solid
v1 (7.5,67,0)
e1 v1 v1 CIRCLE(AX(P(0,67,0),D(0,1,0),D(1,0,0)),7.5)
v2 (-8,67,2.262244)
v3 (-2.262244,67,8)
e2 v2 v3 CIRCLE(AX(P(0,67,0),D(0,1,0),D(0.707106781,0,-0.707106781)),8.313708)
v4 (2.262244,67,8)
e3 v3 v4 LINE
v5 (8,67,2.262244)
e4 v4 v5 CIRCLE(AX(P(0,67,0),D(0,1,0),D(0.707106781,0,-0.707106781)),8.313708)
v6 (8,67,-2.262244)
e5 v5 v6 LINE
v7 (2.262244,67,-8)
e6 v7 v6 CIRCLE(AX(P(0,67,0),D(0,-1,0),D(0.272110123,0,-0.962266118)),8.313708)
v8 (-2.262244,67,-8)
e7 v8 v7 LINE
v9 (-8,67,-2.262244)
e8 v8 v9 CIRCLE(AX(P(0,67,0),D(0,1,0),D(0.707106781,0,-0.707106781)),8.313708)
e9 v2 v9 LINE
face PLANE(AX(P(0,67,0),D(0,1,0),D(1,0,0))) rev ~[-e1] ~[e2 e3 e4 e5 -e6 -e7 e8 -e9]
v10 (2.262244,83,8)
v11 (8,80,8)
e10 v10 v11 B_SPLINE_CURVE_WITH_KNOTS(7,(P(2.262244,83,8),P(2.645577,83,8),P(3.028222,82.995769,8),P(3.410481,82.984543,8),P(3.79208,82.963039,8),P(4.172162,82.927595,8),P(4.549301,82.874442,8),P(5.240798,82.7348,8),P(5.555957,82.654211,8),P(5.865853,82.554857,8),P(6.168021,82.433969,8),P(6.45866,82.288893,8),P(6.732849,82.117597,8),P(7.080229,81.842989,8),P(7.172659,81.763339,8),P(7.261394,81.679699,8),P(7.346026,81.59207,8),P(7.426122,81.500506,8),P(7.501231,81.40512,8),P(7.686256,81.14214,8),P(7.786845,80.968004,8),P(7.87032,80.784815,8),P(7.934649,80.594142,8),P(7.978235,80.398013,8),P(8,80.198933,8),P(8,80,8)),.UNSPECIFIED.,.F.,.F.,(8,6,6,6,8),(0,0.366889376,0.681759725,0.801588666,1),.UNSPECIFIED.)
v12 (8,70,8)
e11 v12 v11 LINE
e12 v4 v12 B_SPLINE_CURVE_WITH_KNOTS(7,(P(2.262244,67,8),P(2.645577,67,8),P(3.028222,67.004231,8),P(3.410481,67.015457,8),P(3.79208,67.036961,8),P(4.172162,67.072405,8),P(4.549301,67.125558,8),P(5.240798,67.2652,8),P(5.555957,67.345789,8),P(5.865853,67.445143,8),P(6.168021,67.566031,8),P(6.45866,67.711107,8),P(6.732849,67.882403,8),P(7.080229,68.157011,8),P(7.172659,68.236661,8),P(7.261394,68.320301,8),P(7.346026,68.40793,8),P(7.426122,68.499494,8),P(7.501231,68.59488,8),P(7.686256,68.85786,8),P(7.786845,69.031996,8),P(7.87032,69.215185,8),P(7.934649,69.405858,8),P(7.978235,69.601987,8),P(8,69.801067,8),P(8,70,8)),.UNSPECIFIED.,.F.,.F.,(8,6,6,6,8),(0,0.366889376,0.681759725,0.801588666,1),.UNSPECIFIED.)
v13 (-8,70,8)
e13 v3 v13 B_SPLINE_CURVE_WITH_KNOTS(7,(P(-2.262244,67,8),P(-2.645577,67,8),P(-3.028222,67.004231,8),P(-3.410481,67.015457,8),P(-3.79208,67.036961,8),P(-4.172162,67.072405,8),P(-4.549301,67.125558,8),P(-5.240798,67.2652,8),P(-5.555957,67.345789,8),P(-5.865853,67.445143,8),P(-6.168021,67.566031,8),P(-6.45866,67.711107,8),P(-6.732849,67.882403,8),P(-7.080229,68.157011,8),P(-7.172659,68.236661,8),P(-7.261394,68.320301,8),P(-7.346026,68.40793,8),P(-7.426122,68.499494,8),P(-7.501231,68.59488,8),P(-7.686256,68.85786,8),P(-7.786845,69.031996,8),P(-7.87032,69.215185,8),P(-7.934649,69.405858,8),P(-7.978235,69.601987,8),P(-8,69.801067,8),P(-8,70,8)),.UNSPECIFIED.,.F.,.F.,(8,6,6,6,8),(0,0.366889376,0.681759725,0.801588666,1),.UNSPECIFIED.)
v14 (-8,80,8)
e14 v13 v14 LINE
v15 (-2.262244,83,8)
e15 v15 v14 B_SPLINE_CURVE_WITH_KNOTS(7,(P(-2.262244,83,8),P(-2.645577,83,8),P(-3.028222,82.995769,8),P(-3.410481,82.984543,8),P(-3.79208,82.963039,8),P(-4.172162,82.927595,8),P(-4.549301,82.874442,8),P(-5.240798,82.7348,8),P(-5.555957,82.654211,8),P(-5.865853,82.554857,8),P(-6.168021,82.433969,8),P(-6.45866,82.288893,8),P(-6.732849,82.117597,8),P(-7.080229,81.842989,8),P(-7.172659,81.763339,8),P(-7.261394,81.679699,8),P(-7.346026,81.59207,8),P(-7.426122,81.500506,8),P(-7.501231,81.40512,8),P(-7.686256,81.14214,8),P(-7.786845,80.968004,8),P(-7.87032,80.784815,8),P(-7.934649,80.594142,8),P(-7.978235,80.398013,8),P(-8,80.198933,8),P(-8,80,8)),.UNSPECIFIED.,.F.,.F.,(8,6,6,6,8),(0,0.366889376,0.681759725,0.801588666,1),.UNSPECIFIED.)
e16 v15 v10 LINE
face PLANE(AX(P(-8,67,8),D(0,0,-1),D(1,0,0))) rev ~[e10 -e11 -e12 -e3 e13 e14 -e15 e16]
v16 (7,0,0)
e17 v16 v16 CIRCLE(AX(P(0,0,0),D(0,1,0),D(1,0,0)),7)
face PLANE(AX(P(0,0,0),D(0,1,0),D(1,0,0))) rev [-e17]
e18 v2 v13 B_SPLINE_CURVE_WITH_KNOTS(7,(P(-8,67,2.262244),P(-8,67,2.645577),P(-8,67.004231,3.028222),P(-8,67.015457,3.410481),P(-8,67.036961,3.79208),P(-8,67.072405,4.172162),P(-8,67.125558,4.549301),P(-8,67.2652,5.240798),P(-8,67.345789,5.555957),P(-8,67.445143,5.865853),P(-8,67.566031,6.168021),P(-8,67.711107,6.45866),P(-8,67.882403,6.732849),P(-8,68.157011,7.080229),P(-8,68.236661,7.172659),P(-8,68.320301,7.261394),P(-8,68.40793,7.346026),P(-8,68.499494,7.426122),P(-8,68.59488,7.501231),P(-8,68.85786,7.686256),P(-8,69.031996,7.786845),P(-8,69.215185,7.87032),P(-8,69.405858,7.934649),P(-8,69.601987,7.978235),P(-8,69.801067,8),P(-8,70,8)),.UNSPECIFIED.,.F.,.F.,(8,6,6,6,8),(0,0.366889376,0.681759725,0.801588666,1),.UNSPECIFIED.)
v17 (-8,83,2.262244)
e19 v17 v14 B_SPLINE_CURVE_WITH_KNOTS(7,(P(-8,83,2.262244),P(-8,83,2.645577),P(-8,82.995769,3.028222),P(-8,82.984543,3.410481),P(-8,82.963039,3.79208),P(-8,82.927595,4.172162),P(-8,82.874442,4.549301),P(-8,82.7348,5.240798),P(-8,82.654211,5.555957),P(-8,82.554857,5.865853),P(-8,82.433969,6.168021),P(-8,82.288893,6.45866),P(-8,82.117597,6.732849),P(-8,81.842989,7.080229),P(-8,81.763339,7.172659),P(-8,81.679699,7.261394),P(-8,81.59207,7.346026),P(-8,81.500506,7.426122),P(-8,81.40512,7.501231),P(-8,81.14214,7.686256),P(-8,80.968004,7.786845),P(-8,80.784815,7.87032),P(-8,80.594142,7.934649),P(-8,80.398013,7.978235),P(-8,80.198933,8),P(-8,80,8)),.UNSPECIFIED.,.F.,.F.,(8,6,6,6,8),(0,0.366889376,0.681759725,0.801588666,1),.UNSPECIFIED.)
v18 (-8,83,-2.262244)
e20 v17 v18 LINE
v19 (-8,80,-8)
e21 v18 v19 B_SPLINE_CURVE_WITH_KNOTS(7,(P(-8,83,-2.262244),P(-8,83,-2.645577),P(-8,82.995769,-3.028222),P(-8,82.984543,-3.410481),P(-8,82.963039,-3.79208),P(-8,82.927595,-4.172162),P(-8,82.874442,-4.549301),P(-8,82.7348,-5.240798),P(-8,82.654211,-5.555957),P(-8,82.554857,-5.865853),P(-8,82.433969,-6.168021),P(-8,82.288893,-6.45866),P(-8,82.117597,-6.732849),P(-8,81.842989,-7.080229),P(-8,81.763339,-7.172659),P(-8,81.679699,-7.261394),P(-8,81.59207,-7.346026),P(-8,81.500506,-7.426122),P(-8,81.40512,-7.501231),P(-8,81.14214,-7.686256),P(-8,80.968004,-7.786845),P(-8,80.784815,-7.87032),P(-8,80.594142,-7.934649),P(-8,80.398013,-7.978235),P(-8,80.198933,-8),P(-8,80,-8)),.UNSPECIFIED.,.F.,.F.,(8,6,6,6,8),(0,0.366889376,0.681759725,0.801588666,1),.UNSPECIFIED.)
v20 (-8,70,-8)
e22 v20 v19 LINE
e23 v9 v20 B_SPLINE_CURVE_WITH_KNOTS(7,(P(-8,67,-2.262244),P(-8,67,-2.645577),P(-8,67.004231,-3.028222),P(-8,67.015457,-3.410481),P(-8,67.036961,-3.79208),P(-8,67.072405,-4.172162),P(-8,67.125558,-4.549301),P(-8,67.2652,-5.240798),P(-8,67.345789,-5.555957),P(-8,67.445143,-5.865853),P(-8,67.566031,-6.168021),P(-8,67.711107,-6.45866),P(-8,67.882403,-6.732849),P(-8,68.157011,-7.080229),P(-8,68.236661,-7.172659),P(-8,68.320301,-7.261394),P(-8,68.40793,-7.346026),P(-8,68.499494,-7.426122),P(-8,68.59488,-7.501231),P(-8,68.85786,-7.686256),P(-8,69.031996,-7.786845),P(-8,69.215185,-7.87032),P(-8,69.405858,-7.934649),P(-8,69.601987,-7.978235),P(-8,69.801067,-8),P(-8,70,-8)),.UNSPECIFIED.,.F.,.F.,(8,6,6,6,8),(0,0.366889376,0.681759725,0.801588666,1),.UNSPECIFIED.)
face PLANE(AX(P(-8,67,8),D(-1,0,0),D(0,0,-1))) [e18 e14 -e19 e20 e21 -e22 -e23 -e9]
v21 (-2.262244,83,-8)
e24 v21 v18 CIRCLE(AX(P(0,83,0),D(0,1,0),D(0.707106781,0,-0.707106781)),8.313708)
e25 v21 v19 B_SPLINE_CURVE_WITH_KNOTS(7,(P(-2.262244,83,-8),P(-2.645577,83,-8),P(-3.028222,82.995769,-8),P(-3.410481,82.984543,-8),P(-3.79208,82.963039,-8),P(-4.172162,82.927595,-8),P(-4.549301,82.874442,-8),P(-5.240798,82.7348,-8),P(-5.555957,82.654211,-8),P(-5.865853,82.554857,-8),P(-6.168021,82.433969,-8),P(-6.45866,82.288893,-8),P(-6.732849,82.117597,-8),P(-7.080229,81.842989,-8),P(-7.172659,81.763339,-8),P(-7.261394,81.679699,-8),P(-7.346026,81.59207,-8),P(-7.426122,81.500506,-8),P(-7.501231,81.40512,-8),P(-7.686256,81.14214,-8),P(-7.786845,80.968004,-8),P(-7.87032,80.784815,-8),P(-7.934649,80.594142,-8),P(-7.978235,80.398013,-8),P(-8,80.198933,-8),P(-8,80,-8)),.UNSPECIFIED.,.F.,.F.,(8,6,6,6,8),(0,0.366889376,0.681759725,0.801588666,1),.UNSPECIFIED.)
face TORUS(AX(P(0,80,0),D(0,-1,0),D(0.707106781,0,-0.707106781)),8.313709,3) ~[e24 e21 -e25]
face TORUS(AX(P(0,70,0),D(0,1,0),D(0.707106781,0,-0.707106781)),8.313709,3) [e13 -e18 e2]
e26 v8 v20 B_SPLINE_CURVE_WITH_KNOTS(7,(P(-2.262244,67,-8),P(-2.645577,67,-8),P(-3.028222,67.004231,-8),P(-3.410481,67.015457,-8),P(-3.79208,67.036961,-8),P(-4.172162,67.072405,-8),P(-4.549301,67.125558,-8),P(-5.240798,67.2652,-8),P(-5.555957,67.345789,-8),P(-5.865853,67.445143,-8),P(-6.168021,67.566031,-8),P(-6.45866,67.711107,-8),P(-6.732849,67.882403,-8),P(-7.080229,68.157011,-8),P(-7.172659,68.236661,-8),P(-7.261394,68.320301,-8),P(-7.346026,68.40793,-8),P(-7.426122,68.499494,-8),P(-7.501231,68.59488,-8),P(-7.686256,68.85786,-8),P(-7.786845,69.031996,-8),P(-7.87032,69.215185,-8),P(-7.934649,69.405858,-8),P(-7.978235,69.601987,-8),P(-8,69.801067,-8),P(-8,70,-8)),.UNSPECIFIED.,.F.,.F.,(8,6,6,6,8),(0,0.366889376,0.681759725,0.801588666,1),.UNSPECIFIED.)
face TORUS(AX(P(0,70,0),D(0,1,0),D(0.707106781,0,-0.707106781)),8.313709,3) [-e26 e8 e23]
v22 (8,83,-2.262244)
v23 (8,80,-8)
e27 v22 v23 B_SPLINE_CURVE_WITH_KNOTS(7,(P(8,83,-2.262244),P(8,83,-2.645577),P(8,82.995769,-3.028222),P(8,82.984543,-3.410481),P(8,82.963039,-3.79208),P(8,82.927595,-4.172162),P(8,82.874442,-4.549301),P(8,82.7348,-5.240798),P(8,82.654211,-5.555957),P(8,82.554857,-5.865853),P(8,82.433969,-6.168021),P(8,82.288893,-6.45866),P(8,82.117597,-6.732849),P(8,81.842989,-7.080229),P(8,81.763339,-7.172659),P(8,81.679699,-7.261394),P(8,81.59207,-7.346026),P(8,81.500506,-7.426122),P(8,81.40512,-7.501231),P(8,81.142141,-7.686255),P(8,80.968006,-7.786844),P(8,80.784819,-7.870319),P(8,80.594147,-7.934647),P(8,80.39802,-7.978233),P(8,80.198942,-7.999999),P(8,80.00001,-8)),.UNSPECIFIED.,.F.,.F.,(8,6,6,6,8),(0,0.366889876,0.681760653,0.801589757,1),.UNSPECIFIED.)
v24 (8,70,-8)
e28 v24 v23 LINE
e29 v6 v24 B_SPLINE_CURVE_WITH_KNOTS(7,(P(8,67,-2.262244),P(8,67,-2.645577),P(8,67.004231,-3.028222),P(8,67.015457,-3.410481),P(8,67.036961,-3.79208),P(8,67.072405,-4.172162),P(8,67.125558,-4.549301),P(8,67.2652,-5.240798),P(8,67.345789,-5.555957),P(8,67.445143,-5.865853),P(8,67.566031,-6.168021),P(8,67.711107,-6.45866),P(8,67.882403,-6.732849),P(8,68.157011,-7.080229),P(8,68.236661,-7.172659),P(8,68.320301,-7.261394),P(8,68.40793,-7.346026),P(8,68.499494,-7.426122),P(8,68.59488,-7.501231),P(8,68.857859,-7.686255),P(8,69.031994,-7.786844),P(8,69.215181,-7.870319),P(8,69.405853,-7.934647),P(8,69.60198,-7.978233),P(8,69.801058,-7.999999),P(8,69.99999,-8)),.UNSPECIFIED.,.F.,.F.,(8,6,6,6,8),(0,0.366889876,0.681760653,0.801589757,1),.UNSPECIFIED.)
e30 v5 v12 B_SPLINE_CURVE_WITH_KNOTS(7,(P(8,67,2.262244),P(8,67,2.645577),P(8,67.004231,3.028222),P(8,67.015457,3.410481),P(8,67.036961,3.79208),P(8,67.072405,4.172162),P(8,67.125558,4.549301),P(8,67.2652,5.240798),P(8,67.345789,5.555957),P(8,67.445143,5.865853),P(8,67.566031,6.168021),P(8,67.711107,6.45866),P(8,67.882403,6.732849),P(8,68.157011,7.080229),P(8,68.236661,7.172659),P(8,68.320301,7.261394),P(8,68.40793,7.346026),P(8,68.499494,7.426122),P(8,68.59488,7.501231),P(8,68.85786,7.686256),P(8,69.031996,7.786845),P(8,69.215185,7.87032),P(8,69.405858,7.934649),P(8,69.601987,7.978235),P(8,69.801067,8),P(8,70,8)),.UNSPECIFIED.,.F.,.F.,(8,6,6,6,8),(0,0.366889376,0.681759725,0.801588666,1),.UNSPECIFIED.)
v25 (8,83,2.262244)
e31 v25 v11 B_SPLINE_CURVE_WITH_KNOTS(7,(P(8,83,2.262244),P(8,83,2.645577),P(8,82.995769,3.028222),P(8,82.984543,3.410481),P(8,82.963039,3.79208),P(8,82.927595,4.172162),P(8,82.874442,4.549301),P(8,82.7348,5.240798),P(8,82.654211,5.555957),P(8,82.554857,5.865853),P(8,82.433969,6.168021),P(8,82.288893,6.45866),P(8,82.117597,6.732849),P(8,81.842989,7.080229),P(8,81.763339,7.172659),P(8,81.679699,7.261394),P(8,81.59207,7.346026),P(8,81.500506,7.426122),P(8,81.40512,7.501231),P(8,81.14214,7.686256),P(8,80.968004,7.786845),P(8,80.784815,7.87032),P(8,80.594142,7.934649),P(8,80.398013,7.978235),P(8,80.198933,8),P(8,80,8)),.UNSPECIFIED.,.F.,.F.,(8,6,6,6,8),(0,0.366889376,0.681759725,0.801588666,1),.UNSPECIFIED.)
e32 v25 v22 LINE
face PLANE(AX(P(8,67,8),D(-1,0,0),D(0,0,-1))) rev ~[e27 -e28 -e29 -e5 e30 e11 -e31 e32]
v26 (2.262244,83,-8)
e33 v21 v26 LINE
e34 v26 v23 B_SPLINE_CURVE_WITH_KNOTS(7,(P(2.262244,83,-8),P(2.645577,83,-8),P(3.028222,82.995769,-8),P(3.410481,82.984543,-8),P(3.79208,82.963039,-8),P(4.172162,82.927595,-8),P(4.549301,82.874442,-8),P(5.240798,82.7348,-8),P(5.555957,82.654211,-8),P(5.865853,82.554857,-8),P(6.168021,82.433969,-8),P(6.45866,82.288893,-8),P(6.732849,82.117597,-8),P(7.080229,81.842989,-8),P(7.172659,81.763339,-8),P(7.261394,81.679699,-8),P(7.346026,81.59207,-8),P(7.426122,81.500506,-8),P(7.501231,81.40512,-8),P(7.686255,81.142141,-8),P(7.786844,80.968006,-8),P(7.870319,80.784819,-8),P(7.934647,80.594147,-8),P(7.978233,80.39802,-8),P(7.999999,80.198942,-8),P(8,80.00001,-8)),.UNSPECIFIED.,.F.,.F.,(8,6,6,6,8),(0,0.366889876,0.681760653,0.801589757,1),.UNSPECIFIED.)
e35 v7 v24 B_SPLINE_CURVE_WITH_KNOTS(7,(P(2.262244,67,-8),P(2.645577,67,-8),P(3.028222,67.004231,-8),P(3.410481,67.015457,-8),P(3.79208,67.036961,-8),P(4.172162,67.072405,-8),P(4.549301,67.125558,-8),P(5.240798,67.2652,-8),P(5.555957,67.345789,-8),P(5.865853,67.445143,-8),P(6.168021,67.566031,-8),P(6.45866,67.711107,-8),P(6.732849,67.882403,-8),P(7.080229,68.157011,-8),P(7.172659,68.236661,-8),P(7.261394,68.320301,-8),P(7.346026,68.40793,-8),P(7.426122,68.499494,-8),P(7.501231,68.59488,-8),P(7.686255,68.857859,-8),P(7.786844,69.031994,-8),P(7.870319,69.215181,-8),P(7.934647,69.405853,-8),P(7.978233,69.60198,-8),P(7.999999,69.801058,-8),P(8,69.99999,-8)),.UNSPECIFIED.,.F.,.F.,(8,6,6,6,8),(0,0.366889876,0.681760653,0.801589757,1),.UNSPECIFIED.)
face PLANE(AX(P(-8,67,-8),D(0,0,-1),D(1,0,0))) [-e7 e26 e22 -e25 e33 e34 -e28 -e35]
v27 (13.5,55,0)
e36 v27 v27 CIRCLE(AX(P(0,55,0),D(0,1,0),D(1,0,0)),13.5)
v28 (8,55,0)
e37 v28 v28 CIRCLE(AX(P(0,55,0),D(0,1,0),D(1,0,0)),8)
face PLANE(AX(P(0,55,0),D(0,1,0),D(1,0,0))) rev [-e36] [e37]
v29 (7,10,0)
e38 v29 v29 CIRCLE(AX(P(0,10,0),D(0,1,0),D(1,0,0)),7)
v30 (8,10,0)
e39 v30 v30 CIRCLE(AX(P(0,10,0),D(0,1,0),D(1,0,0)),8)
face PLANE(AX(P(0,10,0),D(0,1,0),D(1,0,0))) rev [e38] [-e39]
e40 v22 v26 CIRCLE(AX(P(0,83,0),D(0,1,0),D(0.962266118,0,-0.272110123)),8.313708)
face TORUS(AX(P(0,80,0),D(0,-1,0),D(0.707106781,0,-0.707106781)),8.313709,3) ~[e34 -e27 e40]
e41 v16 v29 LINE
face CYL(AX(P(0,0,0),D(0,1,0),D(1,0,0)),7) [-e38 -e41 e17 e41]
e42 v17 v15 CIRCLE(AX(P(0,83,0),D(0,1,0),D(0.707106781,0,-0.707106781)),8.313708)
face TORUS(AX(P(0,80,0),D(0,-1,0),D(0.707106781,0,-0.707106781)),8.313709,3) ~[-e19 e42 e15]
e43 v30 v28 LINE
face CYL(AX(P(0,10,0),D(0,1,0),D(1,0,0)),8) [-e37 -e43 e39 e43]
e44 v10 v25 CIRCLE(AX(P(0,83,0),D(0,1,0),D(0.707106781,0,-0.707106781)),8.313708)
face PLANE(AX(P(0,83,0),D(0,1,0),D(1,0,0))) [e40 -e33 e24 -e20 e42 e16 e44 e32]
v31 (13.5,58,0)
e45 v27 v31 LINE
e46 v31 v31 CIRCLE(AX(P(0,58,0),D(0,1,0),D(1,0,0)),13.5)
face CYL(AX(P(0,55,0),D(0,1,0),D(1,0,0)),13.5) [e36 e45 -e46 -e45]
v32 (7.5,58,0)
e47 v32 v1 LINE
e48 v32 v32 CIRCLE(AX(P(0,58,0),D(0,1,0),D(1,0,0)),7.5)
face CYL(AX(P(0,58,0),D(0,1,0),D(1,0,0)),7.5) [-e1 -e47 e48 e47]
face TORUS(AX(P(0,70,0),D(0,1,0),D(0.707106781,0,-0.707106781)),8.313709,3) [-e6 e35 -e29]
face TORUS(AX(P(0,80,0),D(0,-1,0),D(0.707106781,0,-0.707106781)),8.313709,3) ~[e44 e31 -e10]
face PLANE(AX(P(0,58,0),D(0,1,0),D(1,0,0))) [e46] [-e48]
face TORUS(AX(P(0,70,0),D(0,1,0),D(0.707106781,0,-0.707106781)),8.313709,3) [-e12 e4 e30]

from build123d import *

# Parameters (mm, degrees)
SKETCH2_W           = 16
SKETCH2_H           = 16
BOSS_EXTRUDE1_DEPTH = 16


with BuildPart() as part:
    # Sketch1 → Revolve1 (revolve)
    with BuildSketch(Plane.XY):
        Polygon((0, 0), (7, 0), (7, 10), (8, 10), (8, 55), (13.5, 55), (13.5, 58), (7.5, 58), (7.5, 67), (0, 67), align=None)
    revolve(axis=Axis((0, 0, 0), (0, 1, 0)))

    # Sketch2 → Boss-Extrude1 (add)
    with BuildSketch(Plane(origin=(0, 67, 0), x_dir=(1, 0, 0), z_dir=(0, 1, 0))):
        Rectangle(SKETCH2_W, SKETCH2_H)
    extrude(amount=BOSS_EXTRUDE1_DEPTH)

    # Sketch4 → Cut-Revolve1 (revolve, cut)
    with BuildSketch(Plane(origin=(0, 0, 0), x_dir=(0.707106781, 0, -0.707106781), z_dir=(0.707106781, 0, 0.707106781))):
        with BuildLine():
            Line((11.313708499, 83), (8.313708499, 83))
            ThreePointArc((8.313708499, 83), (10.435028843, 82.121320344), (11.313708499, 80))
            Line((11.313708499, 80), (11.313708499, 83))
        make_face()
        with BuildLine():
            Line((11.313708499, 67), (8.313708499, 67))
            ThreePointArc((8.313708499, 67), (10.435028843, 67.878679656), (11.313708499, 70))
            Line((11.313708499, 70), (11.313708499, 67))
        make_face()
    revolve(axis=Axis((0, 66.528771151, 0), (0, 1, 0)), mode=Mode.SUBTRACT)


solid = part.part
